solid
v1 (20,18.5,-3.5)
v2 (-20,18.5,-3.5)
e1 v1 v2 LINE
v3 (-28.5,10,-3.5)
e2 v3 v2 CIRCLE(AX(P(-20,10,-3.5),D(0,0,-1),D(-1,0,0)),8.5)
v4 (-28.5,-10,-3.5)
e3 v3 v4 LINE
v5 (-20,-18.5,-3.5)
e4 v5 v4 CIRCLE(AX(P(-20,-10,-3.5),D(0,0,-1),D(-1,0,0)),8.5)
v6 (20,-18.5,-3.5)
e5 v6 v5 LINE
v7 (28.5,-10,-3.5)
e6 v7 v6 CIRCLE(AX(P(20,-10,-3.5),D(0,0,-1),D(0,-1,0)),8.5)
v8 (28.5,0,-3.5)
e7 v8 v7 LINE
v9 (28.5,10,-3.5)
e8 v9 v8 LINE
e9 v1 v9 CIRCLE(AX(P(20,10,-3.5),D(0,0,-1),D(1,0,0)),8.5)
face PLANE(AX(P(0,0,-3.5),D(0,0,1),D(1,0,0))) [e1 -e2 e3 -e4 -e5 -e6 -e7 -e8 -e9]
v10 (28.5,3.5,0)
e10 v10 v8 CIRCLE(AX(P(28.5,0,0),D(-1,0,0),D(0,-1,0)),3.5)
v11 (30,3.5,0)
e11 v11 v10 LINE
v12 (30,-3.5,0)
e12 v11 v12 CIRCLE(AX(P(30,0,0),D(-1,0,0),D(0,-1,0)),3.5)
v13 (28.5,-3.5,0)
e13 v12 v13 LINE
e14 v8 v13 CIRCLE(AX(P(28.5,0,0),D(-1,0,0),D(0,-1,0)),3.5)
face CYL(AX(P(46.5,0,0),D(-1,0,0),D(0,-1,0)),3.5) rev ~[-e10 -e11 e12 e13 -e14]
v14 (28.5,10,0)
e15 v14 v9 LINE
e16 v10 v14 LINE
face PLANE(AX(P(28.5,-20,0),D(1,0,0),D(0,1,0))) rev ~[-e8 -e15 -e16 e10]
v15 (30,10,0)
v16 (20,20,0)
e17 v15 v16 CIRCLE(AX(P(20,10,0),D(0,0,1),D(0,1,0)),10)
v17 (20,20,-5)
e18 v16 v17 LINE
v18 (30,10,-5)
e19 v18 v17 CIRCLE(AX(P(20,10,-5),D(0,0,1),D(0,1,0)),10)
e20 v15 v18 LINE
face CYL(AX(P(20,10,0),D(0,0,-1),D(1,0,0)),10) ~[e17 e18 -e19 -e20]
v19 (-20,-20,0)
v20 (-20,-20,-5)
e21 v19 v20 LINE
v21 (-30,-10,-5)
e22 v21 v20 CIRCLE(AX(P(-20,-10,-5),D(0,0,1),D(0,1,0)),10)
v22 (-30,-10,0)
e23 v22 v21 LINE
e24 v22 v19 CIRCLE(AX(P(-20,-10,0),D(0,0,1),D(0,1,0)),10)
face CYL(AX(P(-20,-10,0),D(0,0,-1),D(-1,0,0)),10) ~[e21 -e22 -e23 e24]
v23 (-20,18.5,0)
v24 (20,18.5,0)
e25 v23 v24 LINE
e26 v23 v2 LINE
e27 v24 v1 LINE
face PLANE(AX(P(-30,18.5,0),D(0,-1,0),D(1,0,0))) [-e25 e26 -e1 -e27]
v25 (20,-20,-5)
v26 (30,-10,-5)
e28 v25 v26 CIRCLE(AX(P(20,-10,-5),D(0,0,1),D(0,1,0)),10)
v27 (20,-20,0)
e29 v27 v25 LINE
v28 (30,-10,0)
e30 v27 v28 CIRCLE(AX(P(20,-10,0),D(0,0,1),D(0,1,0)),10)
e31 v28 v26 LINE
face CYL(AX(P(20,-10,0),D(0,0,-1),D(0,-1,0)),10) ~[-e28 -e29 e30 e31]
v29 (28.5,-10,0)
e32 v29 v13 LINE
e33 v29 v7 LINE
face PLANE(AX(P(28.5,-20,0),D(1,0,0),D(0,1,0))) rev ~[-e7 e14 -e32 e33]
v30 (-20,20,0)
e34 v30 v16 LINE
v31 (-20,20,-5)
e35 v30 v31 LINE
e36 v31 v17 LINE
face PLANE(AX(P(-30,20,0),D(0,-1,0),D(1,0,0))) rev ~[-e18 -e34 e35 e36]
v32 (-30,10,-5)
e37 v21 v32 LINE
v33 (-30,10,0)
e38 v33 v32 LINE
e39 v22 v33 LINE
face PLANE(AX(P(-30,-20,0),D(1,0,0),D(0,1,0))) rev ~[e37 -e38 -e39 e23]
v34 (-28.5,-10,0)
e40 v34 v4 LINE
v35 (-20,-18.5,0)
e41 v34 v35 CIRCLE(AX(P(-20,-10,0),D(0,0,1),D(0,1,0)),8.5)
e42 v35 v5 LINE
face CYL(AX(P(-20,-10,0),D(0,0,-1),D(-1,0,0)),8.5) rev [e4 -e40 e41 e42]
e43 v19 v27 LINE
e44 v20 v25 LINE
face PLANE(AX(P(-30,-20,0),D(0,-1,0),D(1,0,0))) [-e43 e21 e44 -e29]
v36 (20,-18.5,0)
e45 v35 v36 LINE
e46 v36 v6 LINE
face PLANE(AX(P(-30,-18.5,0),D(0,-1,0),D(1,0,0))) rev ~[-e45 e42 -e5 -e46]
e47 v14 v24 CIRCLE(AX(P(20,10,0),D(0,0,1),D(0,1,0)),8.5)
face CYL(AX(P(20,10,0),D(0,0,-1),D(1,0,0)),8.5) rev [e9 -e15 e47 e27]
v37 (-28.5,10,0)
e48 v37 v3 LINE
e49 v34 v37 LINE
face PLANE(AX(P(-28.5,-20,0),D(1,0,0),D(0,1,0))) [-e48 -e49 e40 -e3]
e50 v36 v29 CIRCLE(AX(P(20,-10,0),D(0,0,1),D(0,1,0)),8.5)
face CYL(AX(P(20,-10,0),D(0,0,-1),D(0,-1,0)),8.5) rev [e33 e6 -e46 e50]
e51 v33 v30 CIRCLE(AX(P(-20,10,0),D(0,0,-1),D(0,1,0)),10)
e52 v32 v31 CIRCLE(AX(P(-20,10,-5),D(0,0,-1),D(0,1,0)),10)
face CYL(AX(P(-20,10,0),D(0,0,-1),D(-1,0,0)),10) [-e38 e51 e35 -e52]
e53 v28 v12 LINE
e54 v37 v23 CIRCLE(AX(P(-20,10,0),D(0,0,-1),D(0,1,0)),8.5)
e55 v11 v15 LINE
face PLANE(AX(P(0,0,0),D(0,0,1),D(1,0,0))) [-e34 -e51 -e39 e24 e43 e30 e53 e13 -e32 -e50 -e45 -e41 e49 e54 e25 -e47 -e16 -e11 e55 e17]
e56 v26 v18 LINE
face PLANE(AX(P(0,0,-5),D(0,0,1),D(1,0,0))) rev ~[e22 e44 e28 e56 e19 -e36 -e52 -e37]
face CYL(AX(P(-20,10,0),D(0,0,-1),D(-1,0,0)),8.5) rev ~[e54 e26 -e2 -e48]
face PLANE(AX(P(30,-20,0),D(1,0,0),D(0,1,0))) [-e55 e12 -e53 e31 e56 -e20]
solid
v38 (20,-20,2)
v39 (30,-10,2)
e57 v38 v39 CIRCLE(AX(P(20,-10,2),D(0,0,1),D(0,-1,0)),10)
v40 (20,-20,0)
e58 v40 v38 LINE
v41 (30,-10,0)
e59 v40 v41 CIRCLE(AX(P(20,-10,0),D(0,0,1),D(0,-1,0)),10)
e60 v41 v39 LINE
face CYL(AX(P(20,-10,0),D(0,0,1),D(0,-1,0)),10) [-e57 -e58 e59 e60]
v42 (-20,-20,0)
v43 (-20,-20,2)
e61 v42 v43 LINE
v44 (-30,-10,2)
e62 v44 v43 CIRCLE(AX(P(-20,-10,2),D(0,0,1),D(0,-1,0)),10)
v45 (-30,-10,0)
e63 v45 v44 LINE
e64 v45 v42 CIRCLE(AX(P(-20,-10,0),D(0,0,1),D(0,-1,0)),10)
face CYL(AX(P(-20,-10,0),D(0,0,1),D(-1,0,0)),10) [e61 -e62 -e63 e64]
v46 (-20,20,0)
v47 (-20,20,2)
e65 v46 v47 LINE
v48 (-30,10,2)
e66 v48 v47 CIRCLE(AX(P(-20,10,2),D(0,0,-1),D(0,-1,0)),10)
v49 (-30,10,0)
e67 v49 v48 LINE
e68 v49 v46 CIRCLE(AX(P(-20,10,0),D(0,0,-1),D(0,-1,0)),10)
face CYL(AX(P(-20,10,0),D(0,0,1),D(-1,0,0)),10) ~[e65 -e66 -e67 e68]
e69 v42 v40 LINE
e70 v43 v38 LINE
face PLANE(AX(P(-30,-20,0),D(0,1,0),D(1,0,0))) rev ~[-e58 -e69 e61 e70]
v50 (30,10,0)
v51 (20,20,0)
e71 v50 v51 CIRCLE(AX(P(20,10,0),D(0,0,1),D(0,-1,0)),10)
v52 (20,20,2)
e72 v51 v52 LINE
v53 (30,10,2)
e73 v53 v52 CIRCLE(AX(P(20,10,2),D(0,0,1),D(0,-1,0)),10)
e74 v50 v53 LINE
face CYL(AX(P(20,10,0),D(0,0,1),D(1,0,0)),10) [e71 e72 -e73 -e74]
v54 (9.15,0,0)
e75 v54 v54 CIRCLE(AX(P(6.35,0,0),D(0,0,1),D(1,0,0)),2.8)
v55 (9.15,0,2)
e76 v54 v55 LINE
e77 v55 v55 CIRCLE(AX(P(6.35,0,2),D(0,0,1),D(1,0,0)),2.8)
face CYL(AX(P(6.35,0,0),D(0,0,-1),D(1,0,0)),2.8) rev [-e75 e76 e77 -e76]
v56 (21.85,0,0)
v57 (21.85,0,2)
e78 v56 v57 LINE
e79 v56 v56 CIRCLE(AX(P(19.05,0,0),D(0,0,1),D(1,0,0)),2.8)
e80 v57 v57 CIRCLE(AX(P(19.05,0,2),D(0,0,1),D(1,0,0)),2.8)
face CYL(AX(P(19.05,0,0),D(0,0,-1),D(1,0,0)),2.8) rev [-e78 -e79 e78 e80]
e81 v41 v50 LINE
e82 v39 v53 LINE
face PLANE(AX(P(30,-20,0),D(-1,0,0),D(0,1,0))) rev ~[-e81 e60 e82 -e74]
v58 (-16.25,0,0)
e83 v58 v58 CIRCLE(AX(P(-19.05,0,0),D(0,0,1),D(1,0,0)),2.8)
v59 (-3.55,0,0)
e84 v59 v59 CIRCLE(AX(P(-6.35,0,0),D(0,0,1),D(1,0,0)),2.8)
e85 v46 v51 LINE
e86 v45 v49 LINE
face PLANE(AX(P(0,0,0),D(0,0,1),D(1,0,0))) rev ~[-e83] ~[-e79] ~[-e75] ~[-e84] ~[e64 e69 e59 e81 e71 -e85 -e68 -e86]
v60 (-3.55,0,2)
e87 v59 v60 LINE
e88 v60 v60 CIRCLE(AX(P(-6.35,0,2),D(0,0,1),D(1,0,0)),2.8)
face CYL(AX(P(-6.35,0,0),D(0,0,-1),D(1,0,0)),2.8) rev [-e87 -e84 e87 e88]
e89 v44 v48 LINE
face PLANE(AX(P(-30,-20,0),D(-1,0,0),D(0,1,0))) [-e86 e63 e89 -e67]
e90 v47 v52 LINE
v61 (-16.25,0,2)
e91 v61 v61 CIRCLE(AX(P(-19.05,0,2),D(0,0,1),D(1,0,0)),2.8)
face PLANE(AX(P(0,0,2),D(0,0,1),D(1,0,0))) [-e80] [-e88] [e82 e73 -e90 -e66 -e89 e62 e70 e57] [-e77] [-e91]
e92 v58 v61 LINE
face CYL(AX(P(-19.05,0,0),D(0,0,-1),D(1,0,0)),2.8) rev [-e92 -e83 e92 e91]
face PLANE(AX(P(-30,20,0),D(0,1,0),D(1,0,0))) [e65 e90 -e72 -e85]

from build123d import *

# Parameters (mm, degrees)
F0_W      = 60
F0_H      = 40
F0_R      = 2.8
F1_DEPTH  = 2
F2_R      = 10
F3_R      = 10
F4_R      = 10
F5_R      = 10
F6_W      = 60
F6_H      = 40
F7_DEPTH  = 5
F8_R      = 10
F9_T      = -1.5
F11_D     = 7
F11_DEPTH = 16.5
F11_TIP   = 2.1030121666


with BuildPart() as f1:
    # F0 (on Top) → F1 (new body)
    with BuildSketch(Plane.XY):
        Rectangle(F0_W, F0_H)
        with Locations((-19.05, 0)):
            Circle(F0_R, mode=Mode.SUBTRACT)
        with Locations((-6.35, 0)):
            Circle(F0_R, mode=Mode.SUBTRACT)
        with Locations((6.35, 0)):
            Circle(F0_R, mode=Mode.SUBTRACT)
        with Locations((19.05, 0)):
            Circle(F0_R, mode=Mode.SUBTRACT)
    extrude(amount=F1_DEPTH)

    # F2
    f2_edges = [f1.edges().sort_by_distance(p)[0] for p in [
        (-30, 20, 1),
    ]]
    fillet(f2_edges, radius=F2_R)

    # F3
    f3_edges = [f1.edges().sort_by_distance(p)[0] for p in [
        (-30, -20, 1),
    ]]
    fillet(f3_edges, radius=F3_R)

    # F4
    f4_edges = [f1.edges().sort_by_distance(p)[0] for p in [
        (30, -20, 1),
    ]]
    fillet(f4_edges, radius=F4_R)

    # F5
    f5_edges = [f1.edges().sort_by_distance(p)[0] for p in [
        (30, 20, 1),
    ]]
    fillet(f5_edges, radius=F5_R)


with BuildPart() as f7:
    # F6 (on Top) → F7 (new body)
    with BuildSketch(Plane.XY):
        Rectangle(F6_W, F6_H)
    extrude(amount=-F7_DEPTH)

    # F8
    f8_edges = [f7.edges().sort_by_distance(p)[0] for p in [
        (-30, -20, -2.5),
        (30, -20, -2.5),
        (30, 20, -2.5),
        (-30, 20, -2.5),
    ]]
    fillet(f8_edges, radius=F8_R)

    # F9
    f9_openings = [f7.faces().sort_by_distance(p)[0] for p in [
        (0, 0, 0),
    ]]
    offset(amount=F9_T, openings=f9_openings)

    # F11
    with Locations(Plane.YZ.offset(30)):
        with Locations((0, 0)):
            Hole(F11_D / 2, depth=F11_DEPTH)
            with Locations((0, 0, -(F11_DEPTH + F11_TIP / 2))):  # 118° drill point
                Cone(0, F11_D / 2, F11_TIP, mode=Mode.SUBTRACT)


solid = Compound([f1.part, f7.part])
